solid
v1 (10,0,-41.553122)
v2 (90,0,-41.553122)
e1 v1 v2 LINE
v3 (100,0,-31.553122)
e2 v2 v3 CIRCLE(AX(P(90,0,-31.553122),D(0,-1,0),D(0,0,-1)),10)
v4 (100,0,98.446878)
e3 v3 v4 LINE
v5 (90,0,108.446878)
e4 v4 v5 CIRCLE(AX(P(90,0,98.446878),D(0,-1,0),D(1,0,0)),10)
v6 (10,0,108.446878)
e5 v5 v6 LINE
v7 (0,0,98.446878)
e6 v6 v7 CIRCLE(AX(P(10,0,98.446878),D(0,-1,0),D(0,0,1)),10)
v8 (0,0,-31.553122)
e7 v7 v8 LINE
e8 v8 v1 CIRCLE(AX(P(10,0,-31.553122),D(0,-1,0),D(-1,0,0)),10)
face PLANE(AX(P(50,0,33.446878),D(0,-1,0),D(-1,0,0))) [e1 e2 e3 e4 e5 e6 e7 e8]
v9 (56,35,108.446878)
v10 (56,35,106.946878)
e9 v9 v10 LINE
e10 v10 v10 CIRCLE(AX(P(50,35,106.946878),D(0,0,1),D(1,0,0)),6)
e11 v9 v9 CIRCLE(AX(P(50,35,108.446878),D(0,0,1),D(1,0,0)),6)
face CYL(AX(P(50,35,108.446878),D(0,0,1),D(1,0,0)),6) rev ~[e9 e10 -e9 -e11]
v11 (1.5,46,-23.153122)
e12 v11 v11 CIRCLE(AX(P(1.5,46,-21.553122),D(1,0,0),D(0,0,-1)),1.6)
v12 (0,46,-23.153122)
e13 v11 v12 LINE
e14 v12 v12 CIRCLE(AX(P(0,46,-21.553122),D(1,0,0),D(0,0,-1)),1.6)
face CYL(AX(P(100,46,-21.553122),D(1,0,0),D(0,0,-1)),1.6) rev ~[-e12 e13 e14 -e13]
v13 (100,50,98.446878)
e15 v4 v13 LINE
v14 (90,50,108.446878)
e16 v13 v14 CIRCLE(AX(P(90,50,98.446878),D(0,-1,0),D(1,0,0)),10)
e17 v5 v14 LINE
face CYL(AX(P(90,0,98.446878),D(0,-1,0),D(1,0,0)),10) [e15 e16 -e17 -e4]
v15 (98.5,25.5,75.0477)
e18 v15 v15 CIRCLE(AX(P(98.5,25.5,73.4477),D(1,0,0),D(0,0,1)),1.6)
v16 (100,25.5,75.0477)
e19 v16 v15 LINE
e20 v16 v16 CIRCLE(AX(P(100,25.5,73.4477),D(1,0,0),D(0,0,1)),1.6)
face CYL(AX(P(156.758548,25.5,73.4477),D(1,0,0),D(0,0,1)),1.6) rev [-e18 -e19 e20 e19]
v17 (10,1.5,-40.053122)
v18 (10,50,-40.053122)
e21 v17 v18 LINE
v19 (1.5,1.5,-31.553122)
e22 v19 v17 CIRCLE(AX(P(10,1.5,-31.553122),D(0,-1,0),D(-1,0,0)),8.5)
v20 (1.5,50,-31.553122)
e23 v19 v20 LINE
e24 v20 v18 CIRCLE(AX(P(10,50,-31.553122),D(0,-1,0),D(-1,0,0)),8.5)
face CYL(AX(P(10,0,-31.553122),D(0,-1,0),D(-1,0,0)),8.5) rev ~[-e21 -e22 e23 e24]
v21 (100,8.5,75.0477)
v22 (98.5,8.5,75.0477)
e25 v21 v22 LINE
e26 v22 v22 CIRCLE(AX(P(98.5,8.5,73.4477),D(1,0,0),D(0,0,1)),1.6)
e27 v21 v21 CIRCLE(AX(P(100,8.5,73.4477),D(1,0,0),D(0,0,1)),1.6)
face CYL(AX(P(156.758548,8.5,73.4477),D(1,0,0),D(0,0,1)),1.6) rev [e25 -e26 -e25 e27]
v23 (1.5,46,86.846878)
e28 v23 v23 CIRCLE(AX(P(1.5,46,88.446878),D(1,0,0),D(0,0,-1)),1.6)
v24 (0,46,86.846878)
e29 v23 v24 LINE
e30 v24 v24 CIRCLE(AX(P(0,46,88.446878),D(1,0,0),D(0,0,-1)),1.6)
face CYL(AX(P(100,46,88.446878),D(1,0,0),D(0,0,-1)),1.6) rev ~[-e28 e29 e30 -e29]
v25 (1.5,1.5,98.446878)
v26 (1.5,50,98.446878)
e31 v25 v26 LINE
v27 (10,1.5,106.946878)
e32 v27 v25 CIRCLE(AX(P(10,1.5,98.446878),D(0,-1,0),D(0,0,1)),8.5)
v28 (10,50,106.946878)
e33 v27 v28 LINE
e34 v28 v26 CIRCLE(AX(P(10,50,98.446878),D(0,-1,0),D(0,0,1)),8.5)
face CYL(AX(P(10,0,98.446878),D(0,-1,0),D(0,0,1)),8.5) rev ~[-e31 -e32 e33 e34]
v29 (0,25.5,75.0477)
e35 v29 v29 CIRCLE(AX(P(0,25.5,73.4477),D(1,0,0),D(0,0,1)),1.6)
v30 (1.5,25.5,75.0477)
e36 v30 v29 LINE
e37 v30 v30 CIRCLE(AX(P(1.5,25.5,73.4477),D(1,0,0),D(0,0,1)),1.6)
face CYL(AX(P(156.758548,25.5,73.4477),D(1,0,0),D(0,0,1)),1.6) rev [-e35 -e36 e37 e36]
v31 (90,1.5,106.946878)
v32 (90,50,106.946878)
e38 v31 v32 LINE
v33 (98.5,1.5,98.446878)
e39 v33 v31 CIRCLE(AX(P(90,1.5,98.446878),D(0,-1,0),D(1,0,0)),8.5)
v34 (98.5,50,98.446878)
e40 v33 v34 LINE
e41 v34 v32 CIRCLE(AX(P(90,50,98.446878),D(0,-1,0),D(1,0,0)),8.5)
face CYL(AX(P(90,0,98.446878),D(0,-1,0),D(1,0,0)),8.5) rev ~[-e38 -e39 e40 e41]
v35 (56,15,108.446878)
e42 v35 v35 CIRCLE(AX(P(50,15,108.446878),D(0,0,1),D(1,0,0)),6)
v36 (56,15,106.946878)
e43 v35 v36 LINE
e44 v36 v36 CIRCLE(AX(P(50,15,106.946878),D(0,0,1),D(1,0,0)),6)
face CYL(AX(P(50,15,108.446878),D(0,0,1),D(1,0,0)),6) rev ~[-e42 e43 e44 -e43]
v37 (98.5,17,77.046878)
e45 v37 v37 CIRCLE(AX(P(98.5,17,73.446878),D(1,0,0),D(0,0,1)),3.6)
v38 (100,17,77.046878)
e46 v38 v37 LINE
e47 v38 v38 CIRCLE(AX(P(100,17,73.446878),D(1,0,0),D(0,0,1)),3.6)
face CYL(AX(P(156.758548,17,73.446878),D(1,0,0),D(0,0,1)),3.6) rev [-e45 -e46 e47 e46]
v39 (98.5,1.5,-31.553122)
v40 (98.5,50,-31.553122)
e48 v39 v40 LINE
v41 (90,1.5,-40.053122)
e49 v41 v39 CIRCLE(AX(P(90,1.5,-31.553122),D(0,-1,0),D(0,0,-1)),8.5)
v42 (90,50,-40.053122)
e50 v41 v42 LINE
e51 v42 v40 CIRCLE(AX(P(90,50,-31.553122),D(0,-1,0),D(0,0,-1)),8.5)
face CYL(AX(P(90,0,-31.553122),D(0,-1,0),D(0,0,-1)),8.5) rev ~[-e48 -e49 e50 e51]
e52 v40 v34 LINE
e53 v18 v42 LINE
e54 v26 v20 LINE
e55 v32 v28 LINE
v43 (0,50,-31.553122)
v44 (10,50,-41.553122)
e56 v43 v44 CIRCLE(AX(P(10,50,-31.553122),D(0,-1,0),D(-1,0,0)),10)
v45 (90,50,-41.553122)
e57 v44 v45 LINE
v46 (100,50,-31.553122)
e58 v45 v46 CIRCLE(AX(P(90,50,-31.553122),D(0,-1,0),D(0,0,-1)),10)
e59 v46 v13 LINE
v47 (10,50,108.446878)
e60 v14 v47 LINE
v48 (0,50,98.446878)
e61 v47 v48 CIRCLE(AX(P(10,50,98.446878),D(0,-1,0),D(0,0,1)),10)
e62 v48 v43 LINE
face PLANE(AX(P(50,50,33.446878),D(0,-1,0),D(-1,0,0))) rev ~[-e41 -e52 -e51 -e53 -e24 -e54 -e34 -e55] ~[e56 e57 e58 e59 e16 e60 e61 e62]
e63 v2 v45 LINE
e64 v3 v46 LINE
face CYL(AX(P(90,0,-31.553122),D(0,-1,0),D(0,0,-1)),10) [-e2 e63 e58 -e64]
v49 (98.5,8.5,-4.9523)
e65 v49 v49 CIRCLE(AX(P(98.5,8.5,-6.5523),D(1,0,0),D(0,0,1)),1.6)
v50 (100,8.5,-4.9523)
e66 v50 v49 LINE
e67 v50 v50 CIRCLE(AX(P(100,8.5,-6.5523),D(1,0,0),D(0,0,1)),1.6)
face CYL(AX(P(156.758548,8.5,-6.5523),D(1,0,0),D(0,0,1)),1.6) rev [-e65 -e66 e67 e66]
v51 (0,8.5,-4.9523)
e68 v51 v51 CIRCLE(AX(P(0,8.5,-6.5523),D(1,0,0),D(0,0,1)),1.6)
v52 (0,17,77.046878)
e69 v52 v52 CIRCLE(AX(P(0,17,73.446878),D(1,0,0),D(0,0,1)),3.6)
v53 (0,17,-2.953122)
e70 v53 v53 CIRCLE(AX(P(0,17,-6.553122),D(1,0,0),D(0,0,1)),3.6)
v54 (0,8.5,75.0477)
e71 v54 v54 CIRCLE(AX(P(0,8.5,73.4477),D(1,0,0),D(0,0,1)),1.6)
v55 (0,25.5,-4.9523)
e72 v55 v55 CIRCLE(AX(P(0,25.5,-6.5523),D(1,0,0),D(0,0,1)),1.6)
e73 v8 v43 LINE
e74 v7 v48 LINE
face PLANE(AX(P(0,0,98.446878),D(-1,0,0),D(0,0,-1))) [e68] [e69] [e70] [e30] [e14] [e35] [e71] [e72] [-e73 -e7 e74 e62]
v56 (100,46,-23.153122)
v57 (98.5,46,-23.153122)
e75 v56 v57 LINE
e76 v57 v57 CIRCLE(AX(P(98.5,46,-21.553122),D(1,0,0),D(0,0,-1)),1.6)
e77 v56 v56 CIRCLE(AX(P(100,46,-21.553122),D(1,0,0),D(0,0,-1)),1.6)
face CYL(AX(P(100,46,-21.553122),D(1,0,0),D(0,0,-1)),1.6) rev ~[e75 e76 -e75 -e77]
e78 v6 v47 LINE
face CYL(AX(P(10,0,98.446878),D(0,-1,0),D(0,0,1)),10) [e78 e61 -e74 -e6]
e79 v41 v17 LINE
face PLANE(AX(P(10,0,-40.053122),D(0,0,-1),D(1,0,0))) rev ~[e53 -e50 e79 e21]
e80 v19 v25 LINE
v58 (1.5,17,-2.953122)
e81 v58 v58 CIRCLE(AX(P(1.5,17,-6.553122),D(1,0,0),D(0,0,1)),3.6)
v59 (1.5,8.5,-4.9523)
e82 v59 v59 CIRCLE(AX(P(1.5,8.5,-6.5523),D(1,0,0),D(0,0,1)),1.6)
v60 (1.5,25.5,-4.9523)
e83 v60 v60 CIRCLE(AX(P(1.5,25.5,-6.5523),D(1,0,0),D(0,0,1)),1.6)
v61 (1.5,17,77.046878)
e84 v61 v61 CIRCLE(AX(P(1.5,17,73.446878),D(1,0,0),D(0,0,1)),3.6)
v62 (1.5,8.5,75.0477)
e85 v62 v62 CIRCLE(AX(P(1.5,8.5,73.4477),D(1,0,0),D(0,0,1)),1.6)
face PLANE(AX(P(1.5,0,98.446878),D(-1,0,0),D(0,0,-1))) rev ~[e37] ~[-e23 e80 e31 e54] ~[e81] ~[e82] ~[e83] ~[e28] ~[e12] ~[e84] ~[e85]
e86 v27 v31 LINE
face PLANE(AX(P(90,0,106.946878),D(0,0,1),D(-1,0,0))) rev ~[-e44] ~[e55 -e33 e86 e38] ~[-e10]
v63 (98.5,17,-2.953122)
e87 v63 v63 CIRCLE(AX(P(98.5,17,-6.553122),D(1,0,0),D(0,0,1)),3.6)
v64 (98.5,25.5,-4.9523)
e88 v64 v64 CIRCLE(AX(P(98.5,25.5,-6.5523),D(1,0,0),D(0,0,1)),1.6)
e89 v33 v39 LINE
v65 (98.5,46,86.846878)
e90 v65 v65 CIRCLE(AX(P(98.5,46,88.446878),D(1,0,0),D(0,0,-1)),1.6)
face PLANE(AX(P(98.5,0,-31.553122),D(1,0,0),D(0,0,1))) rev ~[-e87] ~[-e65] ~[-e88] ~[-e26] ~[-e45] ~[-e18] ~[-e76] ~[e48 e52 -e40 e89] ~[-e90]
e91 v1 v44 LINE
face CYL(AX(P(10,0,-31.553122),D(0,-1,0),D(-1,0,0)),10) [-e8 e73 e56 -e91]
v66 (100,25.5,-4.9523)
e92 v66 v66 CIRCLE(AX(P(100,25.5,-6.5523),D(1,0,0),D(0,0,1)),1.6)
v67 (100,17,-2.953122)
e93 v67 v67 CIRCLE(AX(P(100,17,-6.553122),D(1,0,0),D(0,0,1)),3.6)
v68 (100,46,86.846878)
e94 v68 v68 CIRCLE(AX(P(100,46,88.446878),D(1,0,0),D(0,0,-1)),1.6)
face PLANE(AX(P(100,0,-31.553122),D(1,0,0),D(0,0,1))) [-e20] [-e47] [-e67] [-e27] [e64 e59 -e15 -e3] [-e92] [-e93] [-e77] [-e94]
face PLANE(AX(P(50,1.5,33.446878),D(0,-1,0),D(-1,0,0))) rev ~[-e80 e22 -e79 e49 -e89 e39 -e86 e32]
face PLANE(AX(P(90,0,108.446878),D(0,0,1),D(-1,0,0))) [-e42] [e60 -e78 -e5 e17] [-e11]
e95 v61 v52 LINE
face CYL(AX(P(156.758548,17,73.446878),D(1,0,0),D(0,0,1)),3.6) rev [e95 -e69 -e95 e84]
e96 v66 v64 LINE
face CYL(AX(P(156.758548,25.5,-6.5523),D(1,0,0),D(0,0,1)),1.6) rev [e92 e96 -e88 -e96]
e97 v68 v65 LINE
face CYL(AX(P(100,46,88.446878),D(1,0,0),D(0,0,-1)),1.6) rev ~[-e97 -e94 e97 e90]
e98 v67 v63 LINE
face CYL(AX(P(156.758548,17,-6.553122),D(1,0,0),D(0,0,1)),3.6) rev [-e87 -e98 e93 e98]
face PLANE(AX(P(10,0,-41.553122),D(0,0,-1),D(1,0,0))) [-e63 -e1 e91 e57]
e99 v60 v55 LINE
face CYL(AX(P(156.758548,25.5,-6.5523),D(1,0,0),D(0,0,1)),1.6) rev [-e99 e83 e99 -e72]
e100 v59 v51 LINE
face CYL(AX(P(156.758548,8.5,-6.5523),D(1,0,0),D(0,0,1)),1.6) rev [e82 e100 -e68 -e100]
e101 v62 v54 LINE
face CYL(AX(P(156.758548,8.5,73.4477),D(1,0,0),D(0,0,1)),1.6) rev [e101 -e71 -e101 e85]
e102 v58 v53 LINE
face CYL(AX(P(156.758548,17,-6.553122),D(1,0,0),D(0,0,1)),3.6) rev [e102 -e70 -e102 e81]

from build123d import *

# Parameters (mm, degrees)
EXTRUDE_1_DEPTH          = 50
SHELL_1_T                = -1.5
CUT_EXTRUDE_1_DEPTH      = 156.758548301
CUT_EXTRUDE_1_DEPTH_BACK = 156.758548301
SKETCH_4_R               = 3.6
SKETCH_4_R_2             = 1.6
CUT_EXTRUDE_2_REACH      = 189.083
SKETCH_6_R               = 6
SKETCH_7_R               = 1.6
CUT_EXTRUDE_3_DEPTH      = 156.758548301


with BuildPart() as part:
    # 草圖3 → 填料-伸長1 (new body)
    with BuildSketch(Plane(origin=(0, 0, 0), x_dir=(1, 0, 0), z_dir=(0, 1, 0))):
        with BuildLine():
            Line((10, 41.553121903), (90, 41.553121903))
            ThreePointArc((90, 41.553121903), (97.071067812, 38.624189715), (100, 31.553121903))
            Line((100, 31.553121903), (100, -98.446878097))
            ThreePointArc((100, -98.446878097), (97.071067812, -105.517945908), (90, -108.446878097))
            Line((90, -108.446878097), (10, -108.446878097))
            ThreePointArc((10, -108.446878097), (2.928932188, -105.517945908), (0, -98.446878097))
            Line((0, -98.446878097), (0, 31.553121903))
            ThreePointArc((0, 31.553121903), (2.928932188, 38.624189715), (10, 41.553121903))
        make_face()
    extrude(amount=EXTRUDE_1_DEPTH)

    # 薄殼1
    shell_1_openings = [part.faces().sort_by_distance(p)[0] for p in [
        (50, 50, 33.446878097),
    ]]
    offset(amount=SHELL_1_T, openings=shell_1_openings, kind=Kind.INTERSECTION)

    # 草圖4 → 除料-伸長1 (cut, two sides: drawn at the far end of the back side and taken through both)
    with BuildSketch(Plane.ZY.offset(-CUT_EXTRUDE_1_DEPTH_BACK)):
        with Locations((-6.553121903, 17)):
            Circle(SKETCH_4_R)
        with Locations((73.446878097, 17)):
            Circle(SKETCH_4_R)
        with Locations((-6.552300072, 25.5)):
            Circle(SKETCH_4_R_2)
        with Locations((-6.552300072, 8.5)):
            Circle(SKETCH_4_R_2)
        with Locations((73.447699928, 25.5)):
            Circle(SKETCH_4_R_2)
        with Locations((73.447699928, 8.5)):
            Circle(SKETCH_4_R_2)
    extrude(amount=CUT_EXTRUDE_1_DEPTH + CUT_EXTRUDE_1_DEPTH_BACK, mode=Mode.SUBTRACT)

    # 草圖6 → 除料-伸長2 (cut, up to next)
    with BuildSketch(Plane.XY.offset(108.446878097), mode=Mode.PRIVATE) as cut_extrude_2_sk1:
        with Locations((50, 35)):
            Circle(SKETCH_6_R)
    cut_extrude_2_tool1 = extrude(cut_extrude_2_sk1.sketch, amount=-CUT_EXTRUDE_2_REACH, mode=Mode.PRIVATE) & part.part
    # 草圖6 → 除料-伸長2 (cut, up to next)
    with BuildSketch(Plane.XY.offset(108.446878097), mode=Mode.PRIVATE) as cut_extrude_2_sk2:
        with Locations((50, 15)):
            Circle(SKETCH_6_R)
    cut_extrude_2_tool2 = extrude(cut_extrude_2_sk2.sketch, amount=-CUT_EXTRUDE_2_REACH, mode=Mode.PRIVATE) & part.part
    add(cut_extrude_2_tool1.solids().sort_by_distance((50, 35, 108.446878))[0], mode=Mode.SUBTRACT)
    add(cut_extrude_2_tool2.solids().sort_by_distance((50, 15, 108.446878))[0], mode=Mode.SUBTRACT)

    # 草圖7 → 除料-伸長3 (cut, through all)
    with BuildSketch(Plane(origin=(100, 0, 0), x_dir=(0, 0, -1), z_dir=(1, 0, 0))):
        with Locations((-88.446878097, 46)):
            Circle(SKETCH_7_R)
        with Locations((21.553121903, 46)):
            Circle(SKETCH_7_R)
    extrude(amount=-CUT_EXTRUDE_3_DEPTH, mode=Mode.SUBTRACT)


solid = part.part
